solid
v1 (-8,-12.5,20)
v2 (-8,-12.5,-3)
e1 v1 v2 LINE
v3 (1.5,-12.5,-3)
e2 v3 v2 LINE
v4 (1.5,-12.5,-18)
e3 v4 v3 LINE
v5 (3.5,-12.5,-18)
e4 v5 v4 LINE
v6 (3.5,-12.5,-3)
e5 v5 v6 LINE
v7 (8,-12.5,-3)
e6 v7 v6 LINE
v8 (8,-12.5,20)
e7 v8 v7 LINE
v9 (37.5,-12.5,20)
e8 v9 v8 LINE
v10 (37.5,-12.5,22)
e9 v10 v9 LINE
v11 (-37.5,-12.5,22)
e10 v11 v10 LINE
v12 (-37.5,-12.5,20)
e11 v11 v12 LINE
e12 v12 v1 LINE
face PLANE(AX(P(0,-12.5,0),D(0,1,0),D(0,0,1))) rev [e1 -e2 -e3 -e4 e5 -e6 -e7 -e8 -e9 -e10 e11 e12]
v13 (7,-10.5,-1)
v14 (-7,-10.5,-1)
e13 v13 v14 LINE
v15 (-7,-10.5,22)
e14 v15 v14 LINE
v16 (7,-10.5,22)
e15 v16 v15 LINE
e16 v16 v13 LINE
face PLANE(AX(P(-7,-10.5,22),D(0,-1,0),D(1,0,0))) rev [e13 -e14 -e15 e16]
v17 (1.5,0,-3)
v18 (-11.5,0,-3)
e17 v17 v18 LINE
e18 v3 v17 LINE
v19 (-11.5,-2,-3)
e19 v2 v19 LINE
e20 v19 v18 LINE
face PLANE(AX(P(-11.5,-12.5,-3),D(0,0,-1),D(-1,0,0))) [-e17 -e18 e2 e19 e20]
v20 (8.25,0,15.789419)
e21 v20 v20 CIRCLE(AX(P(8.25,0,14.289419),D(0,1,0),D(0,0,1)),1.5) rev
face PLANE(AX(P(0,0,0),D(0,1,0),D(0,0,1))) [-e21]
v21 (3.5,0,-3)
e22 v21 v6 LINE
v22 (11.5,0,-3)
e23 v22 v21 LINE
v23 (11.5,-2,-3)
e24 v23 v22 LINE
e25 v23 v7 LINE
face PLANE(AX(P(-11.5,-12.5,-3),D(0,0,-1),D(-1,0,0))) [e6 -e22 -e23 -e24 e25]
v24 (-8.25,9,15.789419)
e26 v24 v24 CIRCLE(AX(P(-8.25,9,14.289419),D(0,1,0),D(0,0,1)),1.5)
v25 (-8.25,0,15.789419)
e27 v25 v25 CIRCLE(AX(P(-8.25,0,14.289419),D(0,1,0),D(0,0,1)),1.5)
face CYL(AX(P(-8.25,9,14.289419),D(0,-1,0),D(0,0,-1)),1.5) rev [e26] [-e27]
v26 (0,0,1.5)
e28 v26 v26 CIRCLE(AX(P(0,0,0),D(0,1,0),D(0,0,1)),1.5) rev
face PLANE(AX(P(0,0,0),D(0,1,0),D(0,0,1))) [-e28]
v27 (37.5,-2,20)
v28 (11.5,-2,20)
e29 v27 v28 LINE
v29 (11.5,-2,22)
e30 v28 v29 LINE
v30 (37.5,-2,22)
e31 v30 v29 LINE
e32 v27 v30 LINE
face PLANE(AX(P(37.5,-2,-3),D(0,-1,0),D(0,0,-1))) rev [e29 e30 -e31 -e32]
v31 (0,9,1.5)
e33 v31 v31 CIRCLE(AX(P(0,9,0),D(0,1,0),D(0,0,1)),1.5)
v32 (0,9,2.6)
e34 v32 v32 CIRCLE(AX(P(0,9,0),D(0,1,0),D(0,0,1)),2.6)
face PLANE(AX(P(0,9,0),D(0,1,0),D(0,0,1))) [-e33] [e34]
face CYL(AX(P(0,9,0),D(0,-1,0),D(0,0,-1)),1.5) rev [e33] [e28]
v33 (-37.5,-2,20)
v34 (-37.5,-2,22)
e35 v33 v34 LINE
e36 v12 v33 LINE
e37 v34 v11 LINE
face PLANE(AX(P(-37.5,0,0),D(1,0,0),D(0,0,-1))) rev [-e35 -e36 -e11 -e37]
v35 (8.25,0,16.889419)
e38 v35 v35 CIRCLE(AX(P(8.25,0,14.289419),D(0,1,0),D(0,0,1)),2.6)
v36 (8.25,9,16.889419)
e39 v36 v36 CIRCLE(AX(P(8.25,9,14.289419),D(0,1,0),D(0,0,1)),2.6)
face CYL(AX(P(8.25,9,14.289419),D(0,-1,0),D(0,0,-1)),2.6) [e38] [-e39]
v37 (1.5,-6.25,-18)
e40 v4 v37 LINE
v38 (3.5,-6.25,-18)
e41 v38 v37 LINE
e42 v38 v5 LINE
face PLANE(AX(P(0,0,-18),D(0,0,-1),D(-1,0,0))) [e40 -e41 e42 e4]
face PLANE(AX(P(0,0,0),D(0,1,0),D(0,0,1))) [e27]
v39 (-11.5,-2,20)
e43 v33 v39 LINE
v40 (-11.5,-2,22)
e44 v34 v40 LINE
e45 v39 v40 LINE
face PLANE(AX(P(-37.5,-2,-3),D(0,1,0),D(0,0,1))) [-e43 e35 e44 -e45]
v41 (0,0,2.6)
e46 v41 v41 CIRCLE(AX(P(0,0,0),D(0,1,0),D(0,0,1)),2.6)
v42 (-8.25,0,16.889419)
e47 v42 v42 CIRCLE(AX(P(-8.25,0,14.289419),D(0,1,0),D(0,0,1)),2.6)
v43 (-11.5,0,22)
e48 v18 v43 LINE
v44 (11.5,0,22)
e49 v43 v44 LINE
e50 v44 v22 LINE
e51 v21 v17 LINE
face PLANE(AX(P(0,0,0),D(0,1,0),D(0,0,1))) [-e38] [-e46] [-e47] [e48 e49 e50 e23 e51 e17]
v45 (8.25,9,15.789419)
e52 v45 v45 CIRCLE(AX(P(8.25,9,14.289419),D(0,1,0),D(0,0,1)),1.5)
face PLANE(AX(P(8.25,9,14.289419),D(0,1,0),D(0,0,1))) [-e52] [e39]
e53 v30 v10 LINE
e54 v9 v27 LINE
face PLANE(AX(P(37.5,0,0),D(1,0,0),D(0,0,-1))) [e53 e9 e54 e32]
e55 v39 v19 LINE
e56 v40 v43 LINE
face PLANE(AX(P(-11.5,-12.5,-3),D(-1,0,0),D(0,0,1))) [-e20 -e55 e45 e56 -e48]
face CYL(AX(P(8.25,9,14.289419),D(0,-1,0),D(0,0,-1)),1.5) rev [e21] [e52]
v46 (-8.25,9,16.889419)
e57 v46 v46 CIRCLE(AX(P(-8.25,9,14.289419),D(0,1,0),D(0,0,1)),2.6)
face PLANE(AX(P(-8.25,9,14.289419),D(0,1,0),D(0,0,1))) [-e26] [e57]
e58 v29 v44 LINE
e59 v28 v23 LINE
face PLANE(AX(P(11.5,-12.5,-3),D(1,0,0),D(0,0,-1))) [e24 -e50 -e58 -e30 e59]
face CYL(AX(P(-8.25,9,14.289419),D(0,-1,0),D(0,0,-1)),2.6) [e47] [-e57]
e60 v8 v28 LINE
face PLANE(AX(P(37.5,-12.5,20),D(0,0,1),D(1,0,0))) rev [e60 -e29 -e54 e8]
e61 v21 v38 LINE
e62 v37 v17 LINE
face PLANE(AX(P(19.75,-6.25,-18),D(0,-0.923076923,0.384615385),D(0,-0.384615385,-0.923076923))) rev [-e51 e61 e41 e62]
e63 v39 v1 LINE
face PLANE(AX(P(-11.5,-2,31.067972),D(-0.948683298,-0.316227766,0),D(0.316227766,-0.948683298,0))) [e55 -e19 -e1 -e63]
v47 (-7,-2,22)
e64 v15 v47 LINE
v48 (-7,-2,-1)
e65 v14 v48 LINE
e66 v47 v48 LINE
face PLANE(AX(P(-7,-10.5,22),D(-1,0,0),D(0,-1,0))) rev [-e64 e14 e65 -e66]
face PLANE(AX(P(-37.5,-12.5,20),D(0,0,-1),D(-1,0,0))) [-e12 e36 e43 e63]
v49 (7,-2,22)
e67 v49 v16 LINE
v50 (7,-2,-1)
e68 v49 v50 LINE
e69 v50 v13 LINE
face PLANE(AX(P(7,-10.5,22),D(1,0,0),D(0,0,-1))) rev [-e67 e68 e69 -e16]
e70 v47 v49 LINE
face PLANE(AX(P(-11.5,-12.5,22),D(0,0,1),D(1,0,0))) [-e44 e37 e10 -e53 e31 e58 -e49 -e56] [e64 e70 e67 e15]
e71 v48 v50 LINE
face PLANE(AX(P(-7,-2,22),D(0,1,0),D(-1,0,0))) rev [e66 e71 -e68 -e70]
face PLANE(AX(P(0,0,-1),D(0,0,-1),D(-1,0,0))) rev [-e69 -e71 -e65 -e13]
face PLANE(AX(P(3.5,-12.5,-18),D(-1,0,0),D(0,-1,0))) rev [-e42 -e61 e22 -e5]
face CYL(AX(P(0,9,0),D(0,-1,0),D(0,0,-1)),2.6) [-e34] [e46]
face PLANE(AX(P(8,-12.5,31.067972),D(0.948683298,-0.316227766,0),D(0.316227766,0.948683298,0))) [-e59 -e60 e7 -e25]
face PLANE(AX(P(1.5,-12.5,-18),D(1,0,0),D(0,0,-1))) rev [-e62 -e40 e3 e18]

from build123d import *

# Parameters (mm, degrees)
SKETCH1_R             = 2.6
SKETCH1_R_2           = 1.5
BOSS_EXTRUDE1_DEPTH   = 9
BOSS_EXTRUDE1_2_DEPTH = 9
BOSS_EXTRUDE1_3_DEPTH = 9
SKETCH2_W             = 23
SKETCH2_H             = 25
BOSS_EXTRUDE2_DEPTH   = 12.5
CUT_EXTRUDE1_START    = -2
SKETCH3_W             = 14
SKETCH3_H             = 8.5
CUT_EXTRUDE1_DEPTH    = 24
BOSS_EXTRUDE3_START   = 11.5
SKETCH4_W             = 2
SKETCH4_H             = 10.5
BOSS_EXTRUDE3_DEPTH   = 26
BOSS_EXTRUDE4_START   = -11.5
SKETCH4_2_W           = 2
SKETCH4_2_H           = 10.5
BOSS_EXTRUDE4_DEPTH   = 26
SKETCH5_W             = 2
SKETCH5_H             = 12.5
BOSS_EXTRUDE5_DEPTH   = 15
CUT_EXTRUDE2_DEPTH    = 23
CUT_EXTRUDE3_DEPTH    = 2


with BuildPart() as part:
    # Sketch1 → Boss-Extrude1 (new body)
    with BuildSketch(Plane(origin=(0, 0, 0), x_dir=(1, 0, 0), z_dir=(0, 1, 0))):
        with Locations((-8.25, -14.289419162)):
            Circle(SKETCH1_R)
        with Locations((-8.25, -14.289419162)):
            Circle(SKETCH1_R_2, mode=Mode.SUBTRACT)
    extrude(amount=BOSS_EXTRUDE1_DEPTH)



with BuildPart() as body_2:
    # Sketch1 → Boss-Extrude1 2 (new body)
    with BuildSketch(Plane(origin=(0, 0, 0), x_dir=(1, 0, 0), z_dir=(0, 1, 0))):
        Circle(SKETCH1_R)
        Circle(SKETCH1_R_2, mode=Mode.SUBTRACT)
    extrude(amount=BOSS_EXTRUDE1_2_DEPTH)


with BuildPart() as body_3:
    # Sketch1 → Boss-Extrude1 3 (new body)
    with BuildSketch(Plane(origin=(0, 0, 0), x_dir=(1, 0, 0), z_dir=(0, 1, 0))):
        with Locations((8.25, -14.289419162)):
            Circle(SKETCH1_R)
        with Locations((8.25, -14.289419162)):
            Circle(SKETCH1_R_2, mode=Mode.SUBTRACT)
    extrude(amount=BOSS_EXTRUDE1_3_DEPTH)


with BuildPart() as part_1:
    add(part.part)

    add(body_2.part)  # Boss-Extrude2 merges body 2

    add(body_3.part)  # Boss-Extrude2 merges body 3
    # Sketch2 → Boss-Extrude2 (add)
    with BuildSketch(Plane(origin=(0, 0, 0), x_dir=(1, 0, 0), z_dir=(0, 1, 0))):
        with Locations((0, -9.5)):
            Rectangle(SKETCH2_W, SKETCH2_H)
    extrude(amount=-BOSS_EXTRUDE2_DEPTH)

    # Sketch3 → Cut-Extrude1 (cut, through all)
    with BuildSketch(Plane(origin=(0, 0, -3), x_dir=(-1, 0, 0), z_dir=(0, 0, -1)).offset(CUT_EXTRUDE1_START)):
        with Locations((0, -6.25)):
            Rectangle(SKETCH3_W, SKETCH3_H)
    extrude(amount=-CUT_EXTRUDE1_DEPTH, mode=Mode.SUBTRACT)

    # Sketch4 → Boss-Extrude3 (add)
    with BuildSketch(Plane.ZY.offset(BOSS_EXTRUDE3_START)):
        with Locations((21, -7.25)):
            Rectangle(SKETCH4_W, SKETCH4_H)
    extrude(amount=BOSS_EXTRUDE3_DEPTH)

    # Sketch4<2> → Boss-Extrude4 (add)
    with BuildSketch(Plane.ZY.offset(BOSS_EXTRUDE4_START)):
        with Locations((21, -7.25)):
            Rectangle(SKETCH4_2_W, SKETCH4_2_H)
    extrude(amount=-BOSS_EXTRUDE4_DEPTH)

    # Sketch5 → Boss-Extrude5 (add)
    with BuildSketch(Plane(origin=(0, 0, -3), x_dir=(-1, 0, 0), z_dir=(0, 0, -1))):
        with Locations((-2.5, -6.25)):
            Rectangle(SKETCH5_W, SKETCH5_H)
    extrude(amount=BOSS_EXTRUDE5_DEPTH)

    # Sketch6 → Cut-Extrude2 (cut)
    with BuildSketch(Plane.XY.offset(-3)):
        Polygon((-11.5, -2), (-8, -12.5), (-11.5, -12.5), align=None)
        Polygon((11.5, -2), (11.5, -12.5), (8, -12.5), align=None)
    extrude(amount=CUT_EXTRUDE2_DEPTH, mode=Mode.SUBTRACT)

    # Sketch7 → Cut-Extrude3 (cut)
    with BuildSketch(Plane.ZY.offset(-1.5)):
        Polygon((-18, 0), (-18, -6.25), (-3, 0), align=None)
    extrude(amount=-CUT_EXTRUDE3_DEPTH, mode=Mode.SUBTRACT)


solid = part_1.part
